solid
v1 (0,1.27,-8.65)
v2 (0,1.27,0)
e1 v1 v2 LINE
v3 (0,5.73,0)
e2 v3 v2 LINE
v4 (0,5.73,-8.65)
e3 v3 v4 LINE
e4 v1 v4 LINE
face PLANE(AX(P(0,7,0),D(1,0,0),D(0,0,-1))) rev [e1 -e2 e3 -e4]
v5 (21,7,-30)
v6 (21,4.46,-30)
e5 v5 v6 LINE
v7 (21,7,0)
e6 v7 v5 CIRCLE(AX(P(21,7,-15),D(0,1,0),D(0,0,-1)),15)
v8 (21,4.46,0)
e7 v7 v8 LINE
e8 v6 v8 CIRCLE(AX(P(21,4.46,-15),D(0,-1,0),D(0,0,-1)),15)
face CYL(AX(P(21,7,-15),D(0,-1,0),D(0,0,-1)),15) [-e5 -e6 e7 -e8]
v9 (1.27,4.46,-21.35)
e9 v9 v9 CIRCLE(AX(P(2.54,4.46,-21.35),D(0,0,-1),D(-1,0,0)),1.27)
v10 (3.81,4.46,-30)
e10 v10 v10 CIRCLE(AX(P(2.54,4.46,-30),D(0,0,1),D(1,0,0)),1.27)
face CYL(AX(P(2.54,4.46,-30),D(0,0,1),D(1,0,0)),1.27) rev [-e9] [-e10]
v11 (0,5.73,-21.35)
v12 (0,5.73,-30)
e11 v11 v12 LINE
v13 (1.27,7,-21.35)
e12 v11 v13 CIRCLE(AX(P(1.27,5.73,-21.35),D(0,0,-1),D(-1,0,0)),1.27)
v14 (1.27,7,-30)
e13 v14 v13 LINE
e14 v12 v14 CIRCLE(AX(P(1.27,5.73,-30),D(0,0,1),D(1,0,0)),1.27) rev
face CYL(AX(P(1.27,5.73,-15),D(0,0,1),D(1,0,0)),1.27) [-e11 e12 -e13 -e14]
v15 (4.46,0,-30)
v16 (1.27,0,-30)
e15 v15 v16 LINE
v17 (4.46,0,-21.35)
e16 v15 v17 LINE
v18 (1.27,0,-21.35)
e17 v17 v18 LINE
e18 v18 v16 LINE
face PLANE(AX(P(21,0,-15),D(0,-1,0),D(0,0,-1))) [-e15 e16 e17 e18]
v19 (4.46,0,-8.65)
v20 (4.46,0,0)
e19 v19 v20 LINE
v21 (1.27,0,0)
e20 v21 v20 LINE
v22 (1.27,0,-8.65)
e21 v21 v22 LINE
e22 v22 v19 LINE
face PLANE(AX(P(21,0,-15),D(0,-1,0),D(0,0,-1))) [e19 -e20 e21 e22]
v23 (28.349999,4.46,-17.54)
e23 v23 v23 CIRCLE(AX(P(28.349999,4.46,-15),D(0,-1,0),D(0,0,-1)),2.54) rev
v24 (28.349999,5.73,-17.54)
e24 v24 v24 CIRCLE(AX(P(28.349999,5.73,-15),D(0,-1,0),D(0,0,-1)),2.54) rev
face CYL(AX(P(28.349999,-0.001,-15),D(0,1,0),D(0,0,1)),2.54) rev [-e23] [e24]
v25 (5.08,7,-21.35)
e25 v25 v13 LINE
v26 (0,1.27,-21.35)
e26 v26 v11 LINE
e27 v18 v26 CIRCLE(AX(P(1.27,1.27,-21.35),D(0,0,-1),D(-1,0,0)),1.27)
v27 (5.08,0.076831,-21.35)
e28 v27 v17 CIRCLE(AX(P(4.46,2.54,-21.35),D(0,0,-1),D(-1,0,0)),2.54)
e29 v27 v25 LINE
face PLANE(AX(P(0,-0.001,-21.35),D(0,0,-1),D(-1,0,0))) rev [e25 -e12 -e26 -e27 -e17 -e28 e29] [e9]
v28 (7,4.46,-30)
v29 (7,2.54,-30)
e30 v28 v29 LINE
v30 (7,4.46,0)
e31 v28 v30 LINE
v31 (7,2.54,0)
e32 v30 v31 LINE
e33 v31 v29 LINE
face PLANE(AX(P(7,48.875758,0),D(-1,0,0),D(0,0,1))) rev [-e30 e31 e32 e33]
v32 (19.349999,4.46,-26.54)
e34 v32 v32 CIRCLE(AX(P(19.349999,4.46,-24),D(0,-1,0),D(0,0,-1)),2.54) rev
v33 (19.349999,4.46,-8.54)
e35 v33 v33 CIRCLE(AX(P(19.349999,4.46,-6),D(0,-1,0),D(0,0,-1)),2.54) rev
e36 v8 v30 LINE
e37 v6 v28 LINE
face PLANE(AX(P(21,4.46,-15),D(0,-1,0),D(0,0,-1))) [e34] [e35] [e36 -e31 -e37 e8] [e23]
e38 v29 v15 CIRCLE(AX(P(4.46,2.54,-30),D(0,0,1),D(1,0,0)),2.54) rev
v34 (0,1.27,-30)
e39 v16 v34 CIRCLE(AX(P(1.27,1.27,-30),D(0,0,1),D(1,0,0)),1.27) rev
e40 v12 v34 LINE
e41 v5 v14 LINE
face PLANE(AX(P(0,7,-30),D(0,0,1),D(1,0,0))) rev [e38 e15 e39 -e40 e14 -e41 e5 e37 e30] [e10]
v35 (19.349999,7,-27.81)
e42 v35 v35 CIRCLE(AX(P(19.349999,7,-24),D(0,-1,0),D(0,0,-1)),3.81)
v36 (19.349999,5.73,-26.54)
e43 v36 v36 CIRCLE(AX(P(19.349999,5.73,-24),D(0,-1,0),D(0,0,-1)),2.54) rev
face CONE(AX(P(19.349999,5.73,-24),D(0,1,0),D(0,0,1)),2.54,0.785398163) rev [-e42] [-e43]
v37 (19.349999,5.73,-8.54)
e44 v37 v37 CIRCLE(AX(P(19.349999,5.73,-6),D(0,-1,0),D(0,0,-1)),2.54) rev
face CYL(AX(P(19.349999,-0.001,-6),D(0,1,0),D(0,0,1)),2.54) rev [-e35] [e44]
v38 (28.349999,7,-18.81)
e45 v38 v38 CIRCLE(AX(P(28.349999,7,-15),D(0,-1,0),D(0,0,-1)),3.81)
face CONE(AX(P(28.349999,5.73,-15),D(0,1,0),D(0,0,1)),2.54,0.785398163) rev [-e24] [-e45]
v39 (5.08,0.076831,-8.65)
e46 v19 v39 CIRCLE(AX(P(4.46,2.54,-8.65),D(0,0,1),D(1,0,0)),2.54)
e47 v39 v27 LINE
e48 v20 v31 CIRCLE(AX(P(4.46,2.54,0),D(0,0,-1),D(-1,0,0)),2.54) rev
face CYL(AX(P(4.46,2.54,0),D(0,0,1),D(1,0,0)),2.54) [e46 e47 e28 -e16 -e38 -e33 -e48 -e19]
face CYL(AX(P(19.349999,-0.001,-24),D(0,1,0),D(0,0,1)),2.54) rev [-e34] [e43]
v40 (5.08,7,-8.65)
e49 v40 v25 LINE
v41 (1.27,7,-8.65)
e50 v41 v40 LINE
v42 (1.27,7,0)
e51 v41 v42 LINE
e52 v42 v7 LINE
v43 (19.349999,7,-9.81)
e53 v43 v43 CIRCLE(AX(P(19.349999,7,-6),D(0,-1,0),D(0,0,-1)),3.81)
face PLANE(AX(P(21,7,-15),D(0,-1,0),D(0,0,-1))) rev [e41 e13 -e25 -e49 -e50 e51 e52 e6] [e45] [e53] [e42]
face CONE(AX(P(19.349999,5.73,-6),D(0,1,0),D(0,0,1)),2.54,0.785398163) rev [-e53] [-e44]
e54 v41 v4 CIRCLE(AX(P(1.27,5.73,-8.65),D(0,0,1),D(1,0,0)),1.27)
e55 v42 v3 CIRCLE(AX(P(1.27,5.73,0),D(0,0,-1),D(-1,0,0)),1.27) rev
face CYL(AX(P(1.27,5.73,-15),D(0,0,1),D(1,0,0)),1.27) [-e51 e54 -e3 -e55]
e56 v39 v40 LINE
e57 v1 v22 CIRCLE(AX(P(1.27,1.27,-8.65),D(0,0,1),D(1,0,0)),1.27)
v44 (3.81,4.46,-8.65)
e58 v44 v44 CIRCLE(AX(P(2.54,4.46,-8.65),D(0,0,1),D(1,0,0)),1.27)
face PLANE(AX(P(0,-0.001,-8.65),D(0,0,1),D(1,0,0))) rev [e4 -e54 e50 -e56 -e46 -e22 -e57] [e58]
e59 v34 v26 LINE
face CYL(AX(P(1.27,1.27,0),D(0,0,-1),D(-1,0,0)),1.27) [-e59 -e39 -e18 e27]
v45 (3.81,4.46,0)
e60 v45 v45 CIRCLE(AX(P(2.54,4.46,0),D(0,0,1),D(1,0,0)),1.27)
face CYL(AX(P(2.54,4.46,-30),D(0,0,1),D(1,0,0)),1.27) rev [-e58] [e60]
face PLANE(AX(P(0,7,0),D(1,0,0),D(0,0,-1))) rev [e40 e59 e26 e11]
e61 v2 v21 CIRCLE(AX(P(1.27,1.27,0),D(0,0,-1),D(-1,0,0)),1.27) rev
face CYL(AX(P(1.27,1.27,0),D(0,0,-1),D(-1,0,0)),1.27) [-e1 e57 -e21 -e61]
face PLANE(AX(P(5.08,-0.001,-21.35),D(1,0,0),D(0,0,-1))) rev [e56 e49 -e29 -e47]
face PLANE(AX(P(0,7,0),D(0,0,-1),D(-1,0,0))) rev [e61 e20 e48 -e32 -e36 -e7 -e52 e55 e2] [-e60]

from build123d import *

# Parameters (mm, degrees)
BOSS_EXTRUDE1_DEPTH = 7
SKETCH2_W           = 29.216076644
SKETCH2_H           = 30
CUT_EXTRUDE1_DEPTH  = 4.46
FILLET1_R           = 2.54
FILLET2_R           = 1.27
CUT_EXTRUDE2_REACH  = 9
SKETCH3_R           = 2.54
SKETCH3_W           = 5.08
SKETCH3_H           = 12.7
CHAMFER1_SIZE       = 1.27
SKETCH4_R           = 1.27
CUT_EXTRUDE3_DEPTH  = 31


with BuildPart() as part:
    # Sketch1 → Boss-Extrude1 (new body)
    with BuildSketch(Plane(origin=(0, 0, 0), x_dir=(1, 0, 0), z_dir=(0, 1, 0))):
        with BuildLine():
            Line((0, 0), (21.000000028, 0))
            ThreePointArc((21.000000028, 0), (36.000000028, 15), (21.000000028, 30))
            Line((21.000000028, 30), (0, 30))
            Line((0, 30), (0, 0))
        make_face()
    extrude(amount=BOSS_EXTRUDE1_DEPTH)

    # Sketch2 → Cut-Extrude1 (cut)
    with BuildSketch(Plane.XZ):
        with Locations((21.608038322, -15)):
            Rectangle(SKETCH2_W, SKETCH2_H)
    extrude(amount=-CUT_EXTRUDE1_DEPTH, mode=Mode.SUBTRACT)

    # Fillet1
    fillet1_edges = [part.edges().sort_by_distance(p)[0] for p in [
        (7, 0, -15),
    ]]
    fillet(fillet1_edges, radius=FILLET1_R)

    # Fillet2
    fillet2_edges = [part.edges().sort_by_distance(p)[0] for p in [
        (0, 7, -15),
        (0, 0, -15),
    ]]
    fillet(fillet2_edges, radius=FILLET2_R)

    # Sketch3 → Cut-Extrude2 (cut, up to next)
    with BuildSketch(Plane(origin=(0, 7, 0), x_dir=(1, 0, 0), z_dir=(0, 1, 0)), mode=Mode.PRIVATE) as cut_extrude2_sk1:
        with Locations((28.34999918, 15)):
            Circle(SKETCH3_R)
    cut_extrude2_tool1 = extrude(cut_extrude2_sk1.sketch, amount=-CUT_EXTRUDE2_REACH, mode=Mode.PRIVATE) & part.part
    add(cut_extrude2_tool1.solids().sort_by_distance((28.349999, 7, -15))[0], mode=Mode.SUBTRACT)
    # Sketch3 → Cut-Extrude2 (cut, up to next)
    with BuildSketch(Plane(origin=(0, 7, 0), x_dir=(1, 0, 0), z_dir=(0, 1, 0)), mode=Mode.PRIVATE) as cut_extrude2_sk2:
        with Locations((19.3499994, 23.99999978)):
            Circle(SKETCH3_R)
    cut_extrude2_tool2 = extrude(cut_extrude2_sk2.sketch, amount=-CUT_EXTRUDE2_REACH, mode=Mode.PRIVATE) & part.part
    add(cut_extrude2_tool2.solids().sort_by_distance((19.349999, 7, -24))[0], mode=Mode.SUBTRACT)
    # Sketch3 → Cut-Extrude2 (cut, up to next)
    with BuildSketch(Plane(origin=(0, 7, 0), x_dir=(1, 0, 0), z_dir=(0, 1, 0)), mode=Mode.PRIVATE) as cut_extrude2_sk3:
        with Locations((19.3499994, 6.00000022)):
            Circle(SKETCH3_R)
    cut_extrude2_tool3 = extrude(cut_extrude2_sk3.sketch, amount=-CUT_EXTRUDE2_REACH, mode=Mode.PRIVATE) & part.part
    add(cut_extrude2_tool3.solids().sort_by_distance((19.349999, 7, -6))[0], mode=Mode.SUBTRACT)
    # Sketch3 → Cut-Extrude2 (cut, up to next)
    with BuildSketch(Plane(origin=(0, 7, 0), x_dir=(1, 0, 0), z_dir=(0, 1, 0)), mode=Mode.PRIVATE) as cut_extrude2_sk4:
        with Locations((2.54, 15)):
            Rectangle(SKETCH3_W, SKETCH3_H)
    cut_extrude2_tool4 = extrude(cut_extrude2_sk4.sketch, amount=-CUT_EXTRUDE2_REACH, mode=Mode.PRIVATE) & part.part
    add(cut_extrude2_tool4.solids().sort_by_distance((2.54, 7, -15))[0], mode=Mode.SUBTRACT)

    # Chamfer1
    chamfer1_edges = [part.edges().sort_by_distance(p)[0] for p in [
        (25.80999918, 7, -15),
        (16.8099994, 7, -23.99999978),
        (16.8099994, 7, -6.00000022),
    ]]
    chamfer(chamfer1_edges, length=CHAMFER1_SIZE)

    # Sketch4 → Cut-Extrude3 (cut, through all)
    with BuildSketch(Plane.XY):
        with Locations((2.54, 4.46)):
            Circle(SKETCH4_R)
    extrude(amount=-CUT_EXTRUDE3_DEPTH, mode=Mode.SUBTRACT)


solid = part.part
